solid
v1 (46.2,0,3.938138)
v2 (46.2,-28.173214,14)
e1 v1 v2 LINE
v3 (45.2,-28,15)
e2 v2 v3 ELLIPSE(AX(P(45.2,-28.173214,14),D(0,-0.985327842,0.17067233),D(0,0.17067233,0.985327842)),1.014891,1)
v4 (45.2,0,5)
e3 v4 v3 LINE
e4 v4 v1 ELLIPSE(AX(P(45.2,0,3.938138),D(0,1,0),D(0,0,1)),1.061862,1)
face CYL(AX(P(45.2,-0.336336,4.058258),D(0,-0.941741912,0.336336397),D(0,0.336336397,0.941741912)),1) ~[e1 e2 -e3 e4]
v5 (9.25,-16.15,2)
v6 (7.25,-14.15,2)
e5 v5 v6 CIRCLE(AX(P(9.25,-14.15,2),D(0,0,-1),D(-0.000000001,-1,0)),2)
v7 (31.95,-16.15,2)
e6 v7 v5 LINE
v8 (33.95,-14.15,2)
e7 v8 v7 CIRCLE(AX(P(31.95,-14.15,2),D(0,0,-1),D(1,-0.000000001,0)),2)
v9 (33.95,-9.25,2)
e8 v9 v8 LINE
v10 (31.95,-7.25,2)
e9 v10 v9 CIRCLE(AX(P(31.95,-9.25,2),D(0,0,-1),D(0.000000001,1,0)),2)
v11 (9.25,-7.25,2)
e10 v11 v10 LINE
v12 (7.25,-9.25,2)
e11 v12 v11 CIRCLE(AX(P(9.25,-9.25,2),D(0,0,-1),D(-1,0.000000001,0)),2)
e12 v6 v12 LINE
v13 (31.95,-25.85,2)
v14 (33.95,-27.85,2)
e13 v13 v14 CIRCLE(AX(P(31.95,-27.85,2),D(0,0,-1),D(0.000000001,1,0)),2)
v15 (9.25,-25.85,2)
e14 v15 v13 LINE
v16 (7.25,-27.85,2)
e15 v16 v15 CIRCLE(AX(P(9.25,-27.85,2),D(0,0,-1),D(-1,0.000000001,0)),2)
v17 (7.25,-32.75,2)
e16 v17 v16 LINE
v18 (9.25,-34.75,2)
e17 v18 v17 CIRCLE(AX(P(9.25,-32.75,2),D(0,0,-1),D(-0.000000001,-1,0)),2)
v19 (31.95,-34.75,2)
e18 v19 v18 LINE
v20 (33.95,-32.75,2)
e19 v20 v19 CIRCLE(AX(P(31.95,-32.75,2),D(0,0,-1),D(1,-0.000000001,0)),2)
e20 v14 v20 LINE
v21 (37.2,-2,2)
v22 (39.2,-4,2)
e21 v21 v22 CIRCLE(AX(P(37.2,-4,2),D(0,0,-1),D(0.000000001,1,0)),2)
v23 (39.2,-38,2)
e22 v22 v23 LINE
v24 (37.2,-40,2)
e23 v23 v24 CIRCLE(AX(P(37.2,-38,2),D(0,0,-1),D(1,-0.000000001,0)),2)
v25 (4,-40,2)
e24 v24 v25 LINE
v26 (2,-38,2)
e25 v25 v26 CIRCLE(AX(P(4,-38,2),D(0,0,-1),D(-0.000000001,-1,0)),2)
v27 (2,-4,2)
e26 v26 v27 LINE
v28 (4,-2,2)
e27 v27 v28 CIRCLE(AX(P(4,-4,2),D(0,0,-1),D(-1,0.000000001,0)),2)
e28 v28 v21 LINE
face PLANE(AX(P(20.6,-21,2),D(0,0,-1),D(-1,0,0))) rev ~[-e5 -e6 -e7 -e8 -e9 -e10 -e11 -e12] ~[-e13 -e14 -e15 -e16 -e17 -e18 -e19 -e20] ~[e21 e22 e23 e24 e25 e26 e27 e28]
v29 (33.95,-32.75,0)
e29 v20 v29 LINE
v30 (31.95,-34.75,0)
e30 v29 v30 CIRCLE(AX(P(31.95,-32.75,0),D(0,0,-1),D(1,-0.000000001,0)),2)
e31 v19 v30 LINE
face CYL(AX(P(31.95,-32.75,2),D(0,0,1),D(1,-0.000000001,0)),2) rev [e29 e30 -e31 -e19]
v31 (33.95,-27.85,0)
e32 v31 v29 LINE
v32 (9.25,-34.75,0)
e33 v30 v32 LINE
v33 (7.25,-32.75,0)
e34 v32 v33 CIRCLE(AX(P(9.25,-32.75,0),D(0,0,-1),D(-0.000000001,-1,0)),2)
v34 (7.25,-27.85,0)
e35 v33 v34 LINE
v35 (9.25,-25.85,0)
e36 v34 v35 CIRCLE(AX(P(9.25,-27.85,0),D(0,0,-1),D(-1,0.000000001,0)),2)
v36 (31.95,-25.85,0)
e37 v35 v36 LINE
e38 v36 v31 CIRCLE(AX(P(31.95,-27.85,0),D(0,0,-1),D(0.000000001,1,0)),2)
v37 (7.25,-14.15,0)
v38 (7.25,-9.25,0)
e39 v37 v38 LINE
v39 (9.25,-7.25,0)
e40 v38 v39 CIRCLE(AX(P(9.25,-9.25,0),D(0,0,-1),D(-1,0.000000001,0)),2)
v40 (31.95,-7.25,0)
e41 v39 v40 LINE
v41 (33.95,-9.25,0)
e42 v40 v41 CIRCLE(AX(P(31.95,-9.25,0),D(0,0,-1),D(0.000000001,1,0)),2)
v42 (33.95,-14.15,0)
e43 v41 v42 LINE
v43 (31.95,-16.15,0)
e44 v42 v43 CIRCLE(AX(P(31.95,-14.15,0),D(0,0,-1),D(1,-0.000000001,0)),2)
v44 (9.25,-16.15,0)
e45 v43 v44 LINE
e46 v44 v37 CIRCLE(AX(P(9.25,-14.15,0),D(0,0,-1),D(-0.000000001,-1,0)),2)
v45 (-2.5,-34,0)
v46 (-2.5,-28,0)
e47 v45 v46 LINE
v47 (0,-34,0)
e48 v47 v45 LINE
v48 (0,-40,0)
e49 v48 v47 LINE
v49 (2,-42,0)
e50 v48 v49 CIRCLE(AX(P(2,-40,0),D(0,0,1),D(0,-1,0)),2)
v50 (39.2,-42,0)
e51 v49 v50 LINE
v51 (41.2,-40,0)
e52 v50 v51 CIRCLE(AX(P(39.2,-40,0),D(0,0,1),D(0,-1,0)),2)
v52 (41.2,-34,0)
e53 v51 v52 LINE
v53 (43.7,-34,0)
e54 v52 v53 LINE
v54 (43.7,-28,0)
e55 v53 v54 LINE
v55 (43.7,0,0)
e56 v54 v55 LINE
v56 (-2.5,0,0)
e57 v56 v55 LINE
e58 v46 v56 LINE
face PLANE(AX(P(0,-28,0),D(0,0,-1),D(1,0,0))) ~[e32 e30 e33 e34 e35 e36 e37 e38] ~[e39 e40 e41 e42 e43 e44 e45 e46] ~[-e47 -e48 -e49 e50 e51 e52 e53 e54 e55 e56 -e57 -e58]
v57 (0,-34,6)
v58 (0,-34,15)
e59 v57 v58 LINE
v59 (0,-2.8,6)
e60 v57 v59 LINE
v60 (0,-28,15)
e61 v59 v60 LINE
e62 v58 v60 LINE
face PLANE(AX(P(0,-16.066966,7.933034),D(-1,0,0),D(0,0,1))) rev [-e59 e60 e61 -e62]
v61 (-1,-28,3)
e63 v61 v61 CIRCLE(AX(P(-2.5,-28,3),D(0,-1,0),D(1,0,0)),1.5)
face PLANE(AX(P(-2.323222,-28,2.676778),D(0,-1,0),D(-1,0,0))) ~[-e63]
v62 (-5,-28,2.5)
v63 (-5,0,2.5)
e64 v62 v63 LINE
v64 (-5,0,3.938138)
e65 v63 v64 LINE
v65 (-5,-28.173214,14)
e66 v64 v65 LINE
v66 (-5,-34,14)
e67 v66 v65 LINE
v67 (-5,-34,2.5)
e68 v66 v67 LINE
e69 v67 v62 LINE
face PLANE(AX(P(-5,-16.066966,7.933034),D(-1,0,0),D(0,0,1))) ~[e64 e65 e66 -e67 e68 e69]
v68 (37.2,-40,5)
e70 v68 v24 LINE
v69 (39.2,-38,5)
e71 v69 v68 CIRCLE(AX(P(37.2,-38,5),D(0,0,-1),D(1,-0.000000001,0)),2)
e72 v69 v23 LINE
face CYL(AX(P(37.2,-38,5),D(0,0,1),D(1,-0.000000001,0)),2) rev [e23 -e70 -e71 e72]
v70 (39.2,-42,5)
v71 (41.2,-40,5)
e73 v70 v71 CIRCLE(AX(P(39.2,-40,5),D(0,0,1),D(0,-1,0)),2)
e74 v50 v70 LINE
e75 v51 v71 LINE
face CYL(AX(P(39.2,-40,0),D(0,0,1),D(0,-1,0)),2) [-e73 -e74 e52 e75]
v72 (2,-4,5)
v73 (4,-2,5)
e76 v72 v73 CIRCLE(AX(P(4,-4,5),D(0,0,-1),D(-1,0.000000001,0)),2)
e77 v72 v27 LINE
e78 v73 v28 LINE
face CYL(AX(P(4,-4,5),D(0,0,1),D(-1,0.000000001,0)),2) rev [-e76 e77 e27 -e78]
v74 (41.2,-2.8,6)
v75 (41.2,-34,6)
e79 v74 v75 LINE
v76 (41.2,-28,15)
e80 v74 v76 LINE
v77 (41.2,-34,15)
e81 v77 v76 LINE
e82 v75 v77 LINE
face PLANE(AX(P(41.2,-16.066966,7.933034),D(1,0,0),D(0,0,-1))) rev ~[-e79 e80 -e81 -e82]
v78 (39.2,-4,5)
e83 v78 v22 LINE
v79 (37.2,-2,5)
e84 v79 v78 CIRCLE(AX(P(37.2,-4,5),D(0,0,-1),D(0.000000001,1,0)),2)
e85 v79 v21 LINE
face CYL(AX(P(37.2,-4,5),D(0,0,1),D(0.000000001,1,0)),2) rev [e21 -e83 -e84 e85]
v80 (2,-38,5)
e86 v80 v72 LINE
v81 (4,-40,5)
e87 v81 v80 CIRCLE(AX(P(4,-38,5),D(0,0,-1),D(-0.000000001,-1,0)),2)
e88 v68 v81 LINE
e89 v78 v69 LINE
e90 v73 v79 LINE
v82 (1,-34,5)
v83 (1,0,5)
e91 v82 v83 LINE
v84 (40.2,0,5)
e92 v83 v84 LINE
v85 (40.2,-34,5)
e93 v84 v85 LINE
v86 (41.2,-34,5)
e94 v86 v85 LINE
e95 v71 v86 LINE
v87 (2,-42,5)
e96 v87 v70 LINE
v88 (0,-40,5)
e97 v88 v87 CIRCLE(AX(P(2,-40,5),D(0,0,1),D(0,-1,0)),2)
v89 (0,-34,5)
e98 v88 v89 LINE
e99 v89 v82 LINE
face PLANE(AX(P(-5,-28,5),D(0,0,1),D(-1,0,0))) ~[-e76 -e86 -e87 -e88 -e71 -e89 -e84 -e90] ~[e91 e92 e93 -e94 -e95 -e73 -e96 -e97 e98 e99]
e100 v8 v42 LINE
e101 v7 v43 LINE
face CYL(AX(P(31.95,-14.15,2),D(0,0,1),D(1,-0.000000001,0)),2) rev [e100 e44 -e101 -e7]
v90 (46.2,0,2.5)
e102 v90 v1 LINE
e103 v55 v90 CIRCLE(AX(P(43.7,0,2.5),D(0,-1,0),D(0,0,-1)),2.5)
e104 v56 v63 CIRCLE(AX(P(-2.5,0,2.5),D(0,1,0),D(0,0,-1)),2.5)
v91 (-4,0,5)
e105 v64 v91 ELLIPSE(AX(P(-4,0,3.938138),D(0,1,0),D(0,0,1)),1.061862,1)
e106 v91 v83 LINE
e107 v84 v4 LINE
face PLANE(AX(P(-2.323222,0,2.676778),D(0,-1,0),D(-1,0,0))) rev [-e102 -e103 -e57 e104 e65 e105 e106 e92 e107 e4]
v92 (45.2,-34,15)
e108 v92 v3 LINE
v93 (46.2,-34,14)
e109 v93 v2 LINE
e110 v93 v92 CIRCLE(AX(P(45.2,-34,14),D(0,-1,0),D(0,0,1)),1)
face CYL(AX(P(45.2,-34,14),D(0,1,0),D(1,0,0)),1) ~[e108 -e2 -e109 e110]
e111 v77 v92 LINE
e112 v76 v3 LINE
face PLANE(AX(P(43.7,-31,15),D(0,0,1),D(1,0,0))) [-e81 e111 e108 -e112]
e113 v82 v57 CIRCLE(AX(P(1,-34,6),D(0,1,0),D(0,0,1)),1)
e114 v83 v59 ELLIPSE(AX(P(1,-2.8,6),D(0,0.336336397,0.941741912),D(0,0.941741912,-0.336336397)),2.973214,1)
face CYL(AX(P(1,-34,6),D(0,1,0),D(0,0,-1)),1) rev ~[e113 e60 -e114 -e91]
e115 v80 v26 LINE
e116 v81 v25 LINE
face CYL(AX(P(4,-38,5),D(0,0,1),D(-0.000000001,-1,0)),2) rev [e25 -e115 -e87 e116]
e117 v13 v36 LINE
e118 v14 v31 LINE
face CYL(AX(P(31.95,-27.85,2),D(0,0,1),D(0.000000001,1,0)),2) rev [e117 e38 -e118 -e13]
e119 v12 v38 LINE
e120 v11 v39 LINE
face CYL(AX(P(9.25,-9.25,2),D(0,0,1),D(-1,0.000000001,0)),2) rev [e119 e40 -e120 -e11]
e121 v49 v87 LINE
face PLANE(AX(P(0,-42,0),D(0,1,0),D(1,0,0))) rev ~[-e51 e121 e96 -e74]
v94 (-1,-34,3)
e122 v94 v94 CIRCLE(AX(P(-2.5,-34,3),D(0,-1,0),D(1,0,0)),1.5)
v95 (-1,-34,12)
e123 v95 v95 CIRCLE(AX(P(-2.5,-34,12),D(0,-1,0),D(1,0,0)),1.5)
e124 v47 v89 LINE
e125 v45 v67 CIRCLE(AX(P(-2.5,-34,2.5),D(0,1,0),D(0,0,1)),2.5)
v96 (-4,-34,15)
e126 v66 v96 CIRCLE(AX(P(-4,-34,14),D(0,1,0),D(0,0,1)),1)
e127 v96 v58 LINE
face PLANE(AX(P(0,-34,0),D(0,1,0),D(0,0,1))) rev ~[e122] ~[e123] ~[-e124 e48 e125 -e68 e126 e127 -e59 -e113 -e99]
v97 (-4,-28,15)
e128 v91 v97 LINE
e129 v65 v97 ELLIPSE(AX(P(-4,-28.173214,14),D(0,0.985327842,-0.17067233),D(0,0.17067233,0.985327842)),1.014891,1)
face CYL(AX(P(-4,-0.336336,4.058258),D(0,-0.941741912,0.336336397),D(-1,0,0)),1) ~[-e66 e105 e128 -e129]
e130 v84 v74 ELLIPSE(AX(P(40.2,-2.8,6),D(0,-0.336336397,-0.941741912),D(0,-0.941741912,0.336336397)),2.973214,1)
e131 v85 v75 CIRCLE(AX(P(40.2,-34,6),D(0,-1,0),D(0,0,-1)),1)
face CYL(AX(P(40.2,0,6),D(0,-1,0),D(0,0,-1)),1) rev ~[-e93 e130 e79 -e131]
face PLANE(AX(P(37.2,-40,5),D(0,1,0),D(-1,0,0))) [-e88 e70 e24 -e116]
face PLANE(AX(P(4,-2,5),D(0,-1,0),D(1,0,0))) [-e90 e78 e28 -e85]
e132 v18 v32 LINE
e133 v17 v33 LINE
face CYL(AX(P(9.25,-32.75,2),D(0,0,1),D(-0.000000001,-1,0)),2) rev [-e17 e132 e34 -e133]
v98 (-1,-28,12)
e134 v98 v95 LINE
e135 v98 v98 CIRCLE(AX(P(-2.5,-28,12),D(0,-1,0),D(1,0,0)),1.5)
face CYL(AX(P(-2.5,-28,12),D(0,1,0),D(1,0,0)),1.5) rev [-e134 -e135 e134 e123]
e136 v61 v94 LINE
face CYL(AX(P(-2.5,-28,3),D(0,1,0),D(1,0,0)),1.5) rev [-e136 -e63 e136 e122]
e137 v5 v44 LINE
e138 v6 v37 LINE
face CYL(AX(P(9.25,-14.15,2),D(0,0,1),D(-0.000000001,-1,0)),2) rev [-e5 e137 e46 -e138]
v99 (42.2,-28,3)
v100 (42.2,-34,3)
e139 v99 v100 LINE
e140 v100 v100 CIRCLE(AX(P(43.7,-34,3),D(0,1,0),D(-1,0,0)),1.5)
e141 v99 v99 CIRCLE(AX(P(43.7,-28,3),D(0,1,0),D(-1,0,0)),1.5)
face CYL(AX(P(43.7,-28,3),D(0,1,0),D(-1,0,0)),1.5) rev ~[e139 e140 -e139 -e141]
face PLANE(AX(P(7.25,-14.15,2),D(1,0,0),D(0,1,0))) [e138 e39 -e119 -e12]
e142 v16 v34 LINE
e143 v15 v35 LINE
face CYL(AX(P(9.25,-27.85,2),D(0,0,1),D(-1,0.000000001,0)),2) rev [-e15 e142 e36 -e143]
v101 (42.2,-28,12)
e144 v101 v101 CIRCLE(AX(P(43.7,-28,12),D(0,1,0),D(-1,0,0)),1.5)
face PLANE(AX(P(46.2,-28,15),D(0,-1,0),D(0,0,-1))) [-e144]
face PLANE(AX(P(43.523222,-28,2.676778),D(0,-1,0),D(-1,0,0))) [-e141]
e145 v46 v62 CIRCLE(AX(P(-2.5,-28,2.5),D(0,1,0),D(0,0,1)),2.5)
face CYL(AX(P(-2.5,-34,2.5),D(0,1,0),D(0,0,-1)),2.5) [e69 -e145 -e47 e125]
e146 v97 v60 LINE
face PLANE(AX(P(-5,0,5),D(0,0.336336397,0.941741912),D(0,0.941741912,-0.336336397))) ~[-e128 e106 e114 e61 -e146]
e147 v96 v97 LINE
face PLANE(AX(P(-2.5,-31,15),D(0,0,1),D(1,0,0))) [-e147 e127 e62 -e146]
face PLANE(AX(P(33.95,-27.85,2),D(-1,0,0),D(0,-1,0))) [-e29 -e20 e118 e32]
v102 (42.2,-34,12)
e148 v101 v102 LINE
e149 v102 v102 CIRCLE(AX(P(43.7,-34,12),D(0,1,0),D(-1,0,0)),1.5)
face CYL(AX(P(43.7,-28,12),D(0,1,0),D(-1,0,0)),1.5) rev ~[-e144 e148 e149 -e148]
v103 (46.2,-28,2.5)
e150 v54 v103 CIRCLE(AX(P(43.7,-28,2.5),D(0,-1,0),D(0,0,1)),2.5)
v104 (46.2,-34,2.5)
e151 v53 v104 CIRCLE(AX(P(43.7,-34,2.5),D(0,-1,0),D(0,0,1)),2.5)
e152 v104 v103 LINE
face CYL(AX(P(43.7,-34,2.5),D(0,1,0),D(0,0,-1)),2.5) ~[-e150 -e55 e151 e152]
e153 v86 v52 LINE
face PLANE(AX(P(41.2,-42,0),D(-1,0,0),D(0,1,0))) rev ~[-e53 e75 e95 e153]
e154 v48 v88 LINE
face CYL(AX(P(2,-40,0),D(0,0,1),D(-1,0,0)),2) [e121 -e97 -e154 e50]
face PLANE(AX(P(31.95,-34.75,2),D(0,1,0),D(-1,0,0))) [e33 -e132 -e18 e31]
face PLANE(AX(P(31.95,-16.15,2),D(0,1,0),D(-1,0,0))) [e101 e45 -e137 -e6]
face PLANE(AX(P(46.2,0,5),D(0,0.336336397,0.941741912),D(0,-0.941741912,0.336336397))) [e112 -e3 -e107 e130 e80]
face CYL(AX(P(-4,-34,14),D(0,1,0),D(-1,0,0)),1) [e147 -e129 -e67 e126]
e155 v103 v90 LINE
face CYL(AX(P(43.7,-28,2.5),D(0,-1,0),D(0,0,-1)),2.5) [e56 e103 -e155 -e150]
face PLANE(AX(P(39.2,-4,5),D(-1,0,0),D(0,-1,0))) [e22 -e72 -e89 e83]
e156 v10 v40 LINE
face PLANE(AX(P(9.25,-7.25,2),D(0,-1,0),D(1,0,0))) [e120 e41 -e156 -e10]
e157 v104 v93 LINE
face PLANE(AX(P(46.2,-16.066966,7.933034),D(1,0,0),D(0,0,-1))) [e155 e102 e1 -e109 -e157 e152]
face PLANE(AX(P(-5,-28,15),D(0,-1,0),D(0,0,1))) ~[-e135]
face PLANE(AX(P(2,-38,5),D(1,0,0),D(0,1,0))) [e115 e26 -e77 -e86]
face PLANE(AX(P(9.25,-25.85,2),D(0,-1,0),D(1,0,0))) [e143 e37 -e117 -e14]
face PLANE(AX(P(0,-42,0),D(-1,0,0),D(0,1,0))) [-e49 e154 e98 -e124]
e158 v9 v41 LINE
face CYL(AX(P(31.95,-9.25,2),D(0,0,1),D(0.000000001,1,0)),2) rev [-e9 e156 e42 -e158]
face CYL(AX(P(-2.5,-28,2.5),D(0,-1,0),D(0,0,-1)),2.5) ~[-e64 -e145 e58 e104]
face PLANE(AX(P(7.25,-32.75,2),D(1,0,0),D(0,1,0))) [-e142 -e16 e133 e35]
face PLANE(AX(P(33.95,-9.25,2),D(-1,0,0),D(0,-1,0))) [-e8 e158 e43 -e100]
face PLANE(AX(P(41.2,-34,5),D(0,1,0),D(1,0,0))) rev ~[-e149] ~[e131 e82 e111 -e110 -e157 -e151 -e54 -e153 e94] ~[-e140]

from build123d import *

# Parameters (mm, degrees)
SKETCH1_W           = 41.2
SKETCH1_H           = 42
BOSS_EXTRUDE1_DEPTH = 5
CUT_EXTRUDE1_DEPTH  = 3
CUT_EXTRUDE2_DEPTH  = 2
SKETCH6_W           = 5
SKETCH6_H           = 6
BOSS_EXTRUDE2_DEPTH = 5
SKETCH7_W           = 5
SKETCH7_H           = 6
BOSS_EXTRUDE3_DEPTH = 5
SKETCH13_W          = 5
SKETCH13_H          = 6
BOSS_EXTRUDE6_DEPTH = 10
SKETCH10_R          = 1.5
CUT_EXTRUDE3_DEPTH  = 6
FILLET4_R           = 2.5
BOSS_EXTRUDE7_DEPTH = 28
BOSS_EXTRUDE8_DEPTH = 5
FILLET10_R          = 1
FILLET12_R          = 2
FILLET13_R          = 1
FILLET14_R          = 1


with BuildPart() as part:
    # Sketch1 → Boss-Extrude1 (new body)
    with BuildSketch(Plane.XY):
        with Locations((20.6, -21)):
            Rectangle(SKETCH1_W, SKETCH1_H)
    extrude(amount=BOSS_EXTRUDE1_DEPTH)

    # Sketch2 → Cut-Extrude1 (cut)
    with BuildSketch(Plane.XY.offset(5)):
        with BuildLine():
            Line((4, -2), (37.2, -2))
            ThreePointArc((37.2, -2), (38.614213562, -2.585786438), (39.2, -4))
            Line((39.2, -4), (39.2, -38))
            ThreePointArc((39.2, -38), (38.614213562, -39.414213562), (37.2, -40))
            Line((37.2, -40), (4, -40))
            ThreePointArc((4, -40), (2.585786438, -39.414213562), (2, -38))
            Line((2, -38), (2, -4))
            ThreePointArc((2, -4), (2.585786438, -2.585786438), (4, -2))
        make_face()
    extrude(amount=-CUT_EXTRUDE1_DEPTH, mode=Mode.SUBTRACT)

    # Sketch3 → Cut-Extrude2 (cut)
    with BuildSketch(Plane.XY.offset(2)):
        with BuildLine():
            Line((9.25, -7.25), (31.95, -7.25))
            ThreePointArc((31.95, -7.25), (33.364213562, -7.835786438), (33.95, -9.25))
            Line((33.95, -9.25), (33.95, -14.15))
            ThreePointArc((33.95, -14.15), (33.364213562, -15.564213562), (31.95, -16.15))
            Line((31.95, -16.15), (9.25, -16.15))
            ThreePointArc((9.25, -16.15), (7.835786438, -15.564213562), (7.25, -14.15))
            Line((7.25, -14.15), (7.25, -9.25))
            ThreePointArc((7.25, -9.25), (7.835786438, -7.835786438), (9.25, -7.25))
        make_face()
        with BuildLine():
            Line((9.25, -25.85), (31.95, -25.85))
            ThreePointArc((31.95, -25.85), (33.364213562, -26.435786438), (33.95, -27.85))
            Line((33.95, -27.85), (33.95, -32.75))
            ThreePointArc((33.95, -32.75), (33.364213562, -34.164213562), (31.95, -34.75))
            Line((31.95, -34.75), (9.25, -34.75))
            ThreePointArc((9.25, -34.75), (7.835786438, -34.164213562), (7.25, -32.75))
            Line((7.25, -32.75), (7.25, -27.85))
            ThreePointArc((7.25, -27.85), (7.835786438, -26.435786438), (9.25, -25.85))
        make_face()
    extrude(amount=-CUT_EXTRUDE2_DEPTH, mode=Mode.SUBTRACT)

    # Sketch6 → Boss-Extrude2 (add)
    with BuildSketch(Plane(origin=(41.2, 0, 0), x_dir=(0, 0, -1), z_dir=(1, 0, 0))):
        with Locations((-2.5, -31)):
            Rectangle(SKETCH6_W, SKETCH6_H)
    extrude(amount=BOSS_EXTRUDE2_DEPTH)

    # Sketch7 → Boss-Extrude3 (add)
    with BuildSketch(Plane.ZY):
        with Locations((2.5, -31)):
            Rectangle(SKETCH7_W, SKETCH7_H)
    extrude(amount=BOSS_EXTRUDE3_DEPTH)

    # Sketch13 → Boss-Extrude6 (add)
    with BuildSketch(Plane.XY.offset(5)):
        with Locations((43.7, -31)):
            Rectangle(SKETCH13_W, SKETCH13_H)
        with Locations((-2.5, -31)):
            Rectangle(SKETCH13_W, SKETCH13_H)
    extrude(amount=BOSS_EXTRUDE6_DEPTH)

    # Sketch10 → Cut-Extrude3 (cut)
    with BuildSketch(Plane(origin=(0, -28, 0), x_dir=(1, 0, 0), z_dir=(0, 1, 0))):
        with Locations(Location((43.7, -3, 0), (0, 0, 180))):
            Circle(SKETCH10_R)
        with Locations(Location((43.7, -12, 0), (0, 0, 180))):
            Circle(SKETCH10_R)
    cut_extrude3 = extrude(amount=-CUT_EXTRUDE3_DEPTH, mode=Mode.SUBTRACT)

    # Mirror1: Cut-Extrude3 across plane
    add(cut_extrude3.mirror(Plane(origin=(20.6, 0, 0), x_dir=(0, 0, 1), z_dir=(1, 0, 0))), mode=Mode.SUBTRACT)

    # Fillet4
    fillet4_edges = [part.edges().sort_by_distance(p)[0] for p in [
        (-5, -31, 0),
        (46.2, -31, 0),
    ]]
    fillet(fillet4_edges, radius=FILLET4_R)

    # Sketch16 → Boss-Extrude7 (add)
    with BuildSketch(Plane(origin=(0, -28, 0), x_dir=(1, 0, 0), z_dir=(0, 1, 0))):
        with BuildLine():
            Line((41.2, 0), (43.7, 0))
            ThreePointArc((43.7, 0), (45.467766953, -0.732233047), (46.2, -2.5))
            Line((46.2, -2.5), (46.2, -5))
            Line((46.2, -5), (41.2, -5))
            Line((41.2, -5), (41.2, 0))
        make_face()
    boss_extrude7 = extrude(amount=BOSS_EXTRUDE7_DEPTH)

    # Sketch17 → Boss-Extrude8 (add)
    with BuildSketch(Plane(origin=(46.2, 0, 0), x_dir=(0, 0, -1), z_dir=(1, 0, 0))):
        Polygon((-5, 0), (-15, -28), (-5, -28), align=None)
    boss_extrude8 = extrude(amount=-BOSS_EXTRUDE8_DEPTH)

    # Fillet10
    fillet10_edges = [part.edges().sort_by_distance(p)[0] for p in [
        (46.2, -31, 15),
        (46.2, -14, 10),
    ]]
    fillet(fillet10_edges, radius=FILLET10_R)

    # Mirror3: Boss-Extrude7, Boss-Extrude8 across plane
    add(boss_extrude7.mirror(Plane(origin=(20.6, 0, 0), x_dir=(0, 0, 1), z_dir=(1, 0, 0))))
    add(boss_extrude8.mirror(Plane(origin=(20.6, 0, 0), x_dir=(0, 0, 1), z_dir=(1, 0, 0))))

    # Fillet12
    fillet12_edges = [part.edges().sort_by_distance(p)[0] for p in [
        (41.2, -42, 2.5),
        (0, -42, 2.5),
    ]]
    fillet(fillet12_edges, radius=FILLET12_R)

    # Fillet13
    fillet13_edges = [part.edges().sort_by_distance(p)[0] for p in [
        (-5, -31, 15),
        (-5, -14, 10),
    ]]
    fillet(fillet13_edges, radius=FILLET13_R)

    # Fillet14
    fillet14_edges = [part.edges().sort_by_distance(p)[0] for p in [
        (41.2, -17, 5),
        (0, -17, 5),
    ]]
    fillet(fillet14_edges, radius=FILLET14_R)


solid = part.part
